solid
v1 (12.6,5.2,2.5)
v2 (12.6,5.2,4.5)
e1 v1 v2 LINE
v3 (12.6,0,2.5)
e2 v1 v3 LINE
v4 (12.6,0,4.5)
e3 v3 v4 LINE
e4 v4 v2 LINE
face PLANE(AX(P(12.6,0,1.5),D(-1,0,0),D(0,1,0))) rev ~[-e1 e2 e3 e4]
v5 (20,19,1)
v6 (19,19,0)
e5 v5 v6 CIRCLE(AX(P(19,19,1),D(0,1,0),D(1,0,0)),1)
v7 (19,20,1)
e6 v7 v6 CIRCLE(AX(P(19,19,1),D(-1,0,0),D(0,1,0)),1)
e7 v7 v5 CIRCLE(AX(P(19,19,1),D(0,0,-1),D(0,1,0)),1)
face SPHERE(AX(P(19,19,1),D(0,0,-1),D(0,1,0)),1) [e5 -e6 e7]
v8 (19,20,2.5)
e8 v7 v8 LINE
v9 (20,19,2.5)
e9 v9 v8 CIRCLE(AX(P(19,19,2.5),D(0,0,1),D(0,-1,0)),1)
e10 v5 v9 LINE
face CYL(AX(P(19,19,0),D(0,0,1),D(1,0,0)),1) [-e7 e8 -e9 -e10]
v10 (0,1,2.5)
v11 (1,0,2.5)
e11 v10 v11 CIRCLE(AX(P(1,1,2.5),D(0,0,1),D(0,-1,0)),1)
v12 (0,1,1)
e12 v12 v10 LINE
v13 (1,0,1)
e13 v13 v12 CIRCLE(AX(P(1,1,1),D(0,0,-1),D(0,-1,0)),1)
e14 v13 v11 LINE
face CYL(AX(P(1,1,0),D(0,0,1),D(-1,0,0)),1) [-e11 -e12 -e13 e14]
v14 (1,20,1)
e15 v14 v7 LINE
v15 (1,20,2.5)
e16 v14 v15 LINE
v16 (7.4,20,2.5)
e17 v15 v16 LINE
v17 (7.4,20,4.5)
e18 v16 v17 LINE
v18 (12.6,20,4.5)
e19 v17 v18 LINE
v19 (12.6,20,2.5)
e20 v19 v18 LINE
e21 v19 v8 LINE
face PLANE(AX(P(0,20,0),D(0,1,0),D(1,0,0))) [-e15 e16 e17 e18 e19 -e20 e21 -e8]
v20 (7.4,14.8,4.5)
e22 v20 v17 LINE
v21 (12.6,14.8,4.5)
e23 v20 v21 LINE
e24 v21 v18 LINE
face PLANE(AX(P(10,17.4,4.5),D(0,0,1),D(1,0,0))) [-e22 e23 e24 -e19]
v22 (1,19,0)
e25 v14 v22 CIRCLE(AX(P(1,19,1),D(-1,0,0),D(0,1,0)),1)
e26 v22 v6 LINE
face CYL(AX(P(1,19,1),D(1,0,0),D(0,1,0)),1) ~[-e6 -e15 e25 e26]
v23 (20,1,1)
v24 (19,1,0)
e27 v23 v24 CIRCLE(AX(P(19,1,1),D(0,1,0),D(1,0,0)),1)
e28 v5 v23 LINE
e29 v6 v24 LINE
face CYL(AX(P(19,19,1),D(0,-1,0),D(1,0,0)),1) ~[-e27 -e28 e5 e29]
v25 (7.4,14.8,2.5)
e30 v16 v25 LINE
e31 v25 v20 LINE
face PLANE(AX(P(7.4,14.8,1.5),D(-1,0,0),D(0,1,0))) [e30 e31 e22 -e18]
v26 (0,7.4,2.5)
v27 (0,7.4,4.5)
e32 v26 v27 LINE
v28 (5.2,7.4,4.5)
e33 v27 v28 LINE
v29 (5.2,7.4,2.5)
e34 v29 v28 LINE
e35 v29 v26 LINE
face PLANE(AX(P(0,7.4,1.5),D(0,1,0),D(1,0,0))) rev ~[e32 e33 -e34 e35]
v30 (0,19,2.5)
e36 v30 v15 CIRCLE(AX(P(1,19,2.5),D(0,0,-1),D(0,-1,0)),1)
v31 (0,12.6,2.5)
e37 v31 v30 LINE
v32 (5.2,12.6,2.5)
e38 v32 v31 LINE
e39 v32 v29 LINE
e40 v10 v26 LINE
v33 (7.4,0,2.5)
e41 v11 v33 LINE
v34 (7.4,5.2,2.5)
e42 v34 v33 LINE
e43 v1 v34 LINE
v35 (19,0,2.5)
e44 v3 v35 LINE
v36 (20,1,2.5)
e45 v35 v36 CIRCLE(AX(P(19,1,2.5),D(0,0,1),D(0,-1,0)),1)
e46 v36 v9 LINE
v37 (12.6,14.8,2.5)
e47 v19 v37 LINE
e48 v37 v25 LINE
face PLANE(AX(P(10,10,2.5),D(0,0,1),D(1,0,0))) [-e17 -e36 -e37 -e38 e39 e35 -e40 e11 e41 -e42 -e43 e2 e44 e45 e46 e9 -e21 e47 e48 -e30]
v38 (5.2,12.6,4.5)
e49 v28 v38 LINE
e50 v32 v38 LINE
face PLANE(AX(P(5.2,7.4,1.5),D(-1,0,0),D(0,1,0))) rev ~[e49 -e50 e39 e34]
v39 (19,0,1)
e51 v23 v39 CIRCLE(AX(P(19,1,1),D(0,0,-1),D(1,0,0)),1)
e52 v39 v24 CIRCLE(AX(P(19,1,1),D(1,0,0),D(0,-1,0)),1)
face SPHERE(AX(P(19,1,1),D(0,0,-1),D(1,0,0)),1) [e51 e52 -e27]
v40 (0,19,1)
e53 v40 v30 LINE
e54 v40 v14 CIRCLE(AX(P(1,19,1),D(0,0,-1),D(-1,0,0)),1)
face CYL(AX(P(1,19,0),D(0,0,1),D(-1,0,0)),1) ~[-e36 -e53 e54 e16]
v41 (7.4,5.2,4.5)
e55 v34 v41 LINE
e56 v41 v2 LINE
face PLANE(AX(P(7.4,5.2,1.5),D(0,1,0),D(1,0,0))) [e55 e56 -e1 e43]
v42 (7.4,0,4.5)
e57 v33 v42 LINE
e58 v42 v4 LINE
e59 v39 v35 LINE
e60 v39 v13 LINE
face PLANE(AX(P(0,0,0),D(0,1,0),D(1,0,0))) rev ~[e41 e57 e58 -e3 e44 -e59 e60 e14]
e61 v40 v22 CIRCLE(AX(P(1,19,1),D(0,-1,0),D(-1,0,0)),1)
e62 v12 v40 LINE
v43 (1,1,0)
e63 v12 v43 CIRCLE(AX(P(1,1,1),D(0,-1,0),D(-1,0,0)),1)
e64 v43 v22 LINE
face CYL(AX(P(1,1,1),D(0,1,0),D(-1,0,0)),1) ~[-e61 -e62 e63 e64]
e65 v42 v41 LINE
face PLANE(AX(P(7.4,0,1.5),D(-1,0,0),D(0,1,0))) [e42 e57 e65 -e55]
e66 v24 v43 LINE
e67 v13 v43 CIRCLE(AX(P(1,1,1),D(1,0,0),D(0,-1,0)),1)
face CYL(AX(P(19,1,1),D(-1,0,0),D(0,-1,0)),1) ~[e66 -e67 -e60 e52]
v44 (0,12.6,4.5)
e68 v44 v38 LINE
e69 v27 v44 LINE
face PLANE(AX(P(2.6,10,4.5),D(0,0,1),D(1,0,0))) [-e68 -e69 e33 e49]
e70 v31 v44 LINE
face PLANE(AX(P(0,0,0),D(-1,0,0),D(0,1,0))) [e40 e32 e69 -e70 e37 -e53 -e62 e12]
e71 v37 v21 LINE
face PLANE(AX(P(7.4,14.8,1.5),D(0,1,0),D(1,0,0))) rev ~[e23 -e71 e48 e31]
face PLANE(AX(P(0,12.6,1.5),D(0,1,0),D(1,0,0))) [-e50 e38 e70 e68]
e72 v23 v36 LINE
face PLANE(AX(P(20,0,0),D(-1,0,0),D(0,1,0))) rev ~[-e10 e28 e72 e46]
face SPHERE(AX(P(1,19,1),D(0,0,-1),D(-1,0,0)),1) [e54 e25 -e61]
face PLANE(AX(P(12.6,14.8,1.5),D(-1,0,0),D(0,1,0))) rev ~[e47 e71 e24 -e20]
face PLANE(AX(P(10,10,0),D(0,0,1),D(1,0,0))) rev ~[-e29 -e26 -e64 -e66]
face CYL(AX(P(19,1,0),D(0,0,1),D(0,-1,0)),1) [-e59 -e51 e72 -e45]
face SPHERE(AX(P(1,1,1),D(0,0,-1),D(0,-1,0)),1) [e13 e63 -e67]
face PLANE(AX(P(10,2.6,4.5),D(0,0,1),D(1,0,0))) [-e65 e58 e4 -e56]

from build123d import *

# Parameters (mm, degrees)
BOX001_W     = 5.2
BOX001_H     = 5.2
BOX001_DEPTH = 3
BOX003_W     = 5.2
BOX003_H     = 5.2
BOX003_DEPTH = 3
BOX002_W     = 5.2
BOX002_H     = 5.2
BOX002_DEPTH = 3
BOX_W        = 20
BOX_H        = 20
BOX_DEPTH    = 2.5
FILLET_R     = 1
FILLET001_R  = 1


with BuildPart() as w_rfel001:
    # Box001 → Box001 (new body)
    with BuildSketch(Plane(origin=(7.4, 0, 1.5), x_dir=(1, 0, 0), z_dir=(0, 0, 1))):
        with Locations((2.6, 2.6)):
            Rectangle(BOX001_W, BOX001_H)
    extrude(amount=BOX001_DEPTH)


with BuildPart() as w_rfel003:
    # Box003 → Box003 (new body)
    with BuildSketch(Plane(origin=(0, 7.4, 1.5), x_dir=(1, 0, 0), z_dir=(0, 0, 1))):
        with Locations((2.6, 2.6)):
            Rectangle(BOX003_W, BOX003_H)
    extrude(amount=BOX003_DEPTH)


with BuildPart() as w_rfel002:
    # Box002 → Box002 (new body)
    with BuildSketch(Plane(origin=(7.4, 14.8, 1.5), x_dir=(1, 0, 0), z_dir=(0, 0, 1))):
        with Locations((2.6, 2.6)):
            Rectangle(BOX002_W, BOX002_H)
    extrude(amount=BOX002_DEPTH)


with BuildPart() as fusion:
    # Box → Box (new body)
    with BuildSketch(Plane.XY):
        with Locations((10, 10)):
            Rectangle(BOX_W, BOX_H)
    extrude(amount=BOX_DEPTH)

    # Fillet
    fillet_edges = [fusion.edges().sort_by_distance(p)[0] for p in [
        (0, 0, 1.25),
        (0, 20, 1.25),
        (20, 0, 1.25),
        (20, 20, 1.25),
    ]]
    fillet(fillet_edges, radius=FILLET_R)

    # Fillet001
    fillet001_edges = [fusion.edges().sort_by_distance(p)[0] for p in [
        (0, 10, 0),
        (0.292893, 0.292893, 0),
        (0.292893, 19.707107, 0),
        (10, 0, 0),
        (10, 20, 0),
        (19.707107, 0.292893, 0),
        (19.707107, 19.707107, 0),
        (20, 10, 0),
    ]]
    fillet(fillet001_edges, radius=FILLET001_R)

    # Fusion: union Würfel001, Würfel003, Würfel002
    add(w_rfel001.part)
    add(w_rfel003.part)
    add(w_rfel002.part)


solid = fusion.part
